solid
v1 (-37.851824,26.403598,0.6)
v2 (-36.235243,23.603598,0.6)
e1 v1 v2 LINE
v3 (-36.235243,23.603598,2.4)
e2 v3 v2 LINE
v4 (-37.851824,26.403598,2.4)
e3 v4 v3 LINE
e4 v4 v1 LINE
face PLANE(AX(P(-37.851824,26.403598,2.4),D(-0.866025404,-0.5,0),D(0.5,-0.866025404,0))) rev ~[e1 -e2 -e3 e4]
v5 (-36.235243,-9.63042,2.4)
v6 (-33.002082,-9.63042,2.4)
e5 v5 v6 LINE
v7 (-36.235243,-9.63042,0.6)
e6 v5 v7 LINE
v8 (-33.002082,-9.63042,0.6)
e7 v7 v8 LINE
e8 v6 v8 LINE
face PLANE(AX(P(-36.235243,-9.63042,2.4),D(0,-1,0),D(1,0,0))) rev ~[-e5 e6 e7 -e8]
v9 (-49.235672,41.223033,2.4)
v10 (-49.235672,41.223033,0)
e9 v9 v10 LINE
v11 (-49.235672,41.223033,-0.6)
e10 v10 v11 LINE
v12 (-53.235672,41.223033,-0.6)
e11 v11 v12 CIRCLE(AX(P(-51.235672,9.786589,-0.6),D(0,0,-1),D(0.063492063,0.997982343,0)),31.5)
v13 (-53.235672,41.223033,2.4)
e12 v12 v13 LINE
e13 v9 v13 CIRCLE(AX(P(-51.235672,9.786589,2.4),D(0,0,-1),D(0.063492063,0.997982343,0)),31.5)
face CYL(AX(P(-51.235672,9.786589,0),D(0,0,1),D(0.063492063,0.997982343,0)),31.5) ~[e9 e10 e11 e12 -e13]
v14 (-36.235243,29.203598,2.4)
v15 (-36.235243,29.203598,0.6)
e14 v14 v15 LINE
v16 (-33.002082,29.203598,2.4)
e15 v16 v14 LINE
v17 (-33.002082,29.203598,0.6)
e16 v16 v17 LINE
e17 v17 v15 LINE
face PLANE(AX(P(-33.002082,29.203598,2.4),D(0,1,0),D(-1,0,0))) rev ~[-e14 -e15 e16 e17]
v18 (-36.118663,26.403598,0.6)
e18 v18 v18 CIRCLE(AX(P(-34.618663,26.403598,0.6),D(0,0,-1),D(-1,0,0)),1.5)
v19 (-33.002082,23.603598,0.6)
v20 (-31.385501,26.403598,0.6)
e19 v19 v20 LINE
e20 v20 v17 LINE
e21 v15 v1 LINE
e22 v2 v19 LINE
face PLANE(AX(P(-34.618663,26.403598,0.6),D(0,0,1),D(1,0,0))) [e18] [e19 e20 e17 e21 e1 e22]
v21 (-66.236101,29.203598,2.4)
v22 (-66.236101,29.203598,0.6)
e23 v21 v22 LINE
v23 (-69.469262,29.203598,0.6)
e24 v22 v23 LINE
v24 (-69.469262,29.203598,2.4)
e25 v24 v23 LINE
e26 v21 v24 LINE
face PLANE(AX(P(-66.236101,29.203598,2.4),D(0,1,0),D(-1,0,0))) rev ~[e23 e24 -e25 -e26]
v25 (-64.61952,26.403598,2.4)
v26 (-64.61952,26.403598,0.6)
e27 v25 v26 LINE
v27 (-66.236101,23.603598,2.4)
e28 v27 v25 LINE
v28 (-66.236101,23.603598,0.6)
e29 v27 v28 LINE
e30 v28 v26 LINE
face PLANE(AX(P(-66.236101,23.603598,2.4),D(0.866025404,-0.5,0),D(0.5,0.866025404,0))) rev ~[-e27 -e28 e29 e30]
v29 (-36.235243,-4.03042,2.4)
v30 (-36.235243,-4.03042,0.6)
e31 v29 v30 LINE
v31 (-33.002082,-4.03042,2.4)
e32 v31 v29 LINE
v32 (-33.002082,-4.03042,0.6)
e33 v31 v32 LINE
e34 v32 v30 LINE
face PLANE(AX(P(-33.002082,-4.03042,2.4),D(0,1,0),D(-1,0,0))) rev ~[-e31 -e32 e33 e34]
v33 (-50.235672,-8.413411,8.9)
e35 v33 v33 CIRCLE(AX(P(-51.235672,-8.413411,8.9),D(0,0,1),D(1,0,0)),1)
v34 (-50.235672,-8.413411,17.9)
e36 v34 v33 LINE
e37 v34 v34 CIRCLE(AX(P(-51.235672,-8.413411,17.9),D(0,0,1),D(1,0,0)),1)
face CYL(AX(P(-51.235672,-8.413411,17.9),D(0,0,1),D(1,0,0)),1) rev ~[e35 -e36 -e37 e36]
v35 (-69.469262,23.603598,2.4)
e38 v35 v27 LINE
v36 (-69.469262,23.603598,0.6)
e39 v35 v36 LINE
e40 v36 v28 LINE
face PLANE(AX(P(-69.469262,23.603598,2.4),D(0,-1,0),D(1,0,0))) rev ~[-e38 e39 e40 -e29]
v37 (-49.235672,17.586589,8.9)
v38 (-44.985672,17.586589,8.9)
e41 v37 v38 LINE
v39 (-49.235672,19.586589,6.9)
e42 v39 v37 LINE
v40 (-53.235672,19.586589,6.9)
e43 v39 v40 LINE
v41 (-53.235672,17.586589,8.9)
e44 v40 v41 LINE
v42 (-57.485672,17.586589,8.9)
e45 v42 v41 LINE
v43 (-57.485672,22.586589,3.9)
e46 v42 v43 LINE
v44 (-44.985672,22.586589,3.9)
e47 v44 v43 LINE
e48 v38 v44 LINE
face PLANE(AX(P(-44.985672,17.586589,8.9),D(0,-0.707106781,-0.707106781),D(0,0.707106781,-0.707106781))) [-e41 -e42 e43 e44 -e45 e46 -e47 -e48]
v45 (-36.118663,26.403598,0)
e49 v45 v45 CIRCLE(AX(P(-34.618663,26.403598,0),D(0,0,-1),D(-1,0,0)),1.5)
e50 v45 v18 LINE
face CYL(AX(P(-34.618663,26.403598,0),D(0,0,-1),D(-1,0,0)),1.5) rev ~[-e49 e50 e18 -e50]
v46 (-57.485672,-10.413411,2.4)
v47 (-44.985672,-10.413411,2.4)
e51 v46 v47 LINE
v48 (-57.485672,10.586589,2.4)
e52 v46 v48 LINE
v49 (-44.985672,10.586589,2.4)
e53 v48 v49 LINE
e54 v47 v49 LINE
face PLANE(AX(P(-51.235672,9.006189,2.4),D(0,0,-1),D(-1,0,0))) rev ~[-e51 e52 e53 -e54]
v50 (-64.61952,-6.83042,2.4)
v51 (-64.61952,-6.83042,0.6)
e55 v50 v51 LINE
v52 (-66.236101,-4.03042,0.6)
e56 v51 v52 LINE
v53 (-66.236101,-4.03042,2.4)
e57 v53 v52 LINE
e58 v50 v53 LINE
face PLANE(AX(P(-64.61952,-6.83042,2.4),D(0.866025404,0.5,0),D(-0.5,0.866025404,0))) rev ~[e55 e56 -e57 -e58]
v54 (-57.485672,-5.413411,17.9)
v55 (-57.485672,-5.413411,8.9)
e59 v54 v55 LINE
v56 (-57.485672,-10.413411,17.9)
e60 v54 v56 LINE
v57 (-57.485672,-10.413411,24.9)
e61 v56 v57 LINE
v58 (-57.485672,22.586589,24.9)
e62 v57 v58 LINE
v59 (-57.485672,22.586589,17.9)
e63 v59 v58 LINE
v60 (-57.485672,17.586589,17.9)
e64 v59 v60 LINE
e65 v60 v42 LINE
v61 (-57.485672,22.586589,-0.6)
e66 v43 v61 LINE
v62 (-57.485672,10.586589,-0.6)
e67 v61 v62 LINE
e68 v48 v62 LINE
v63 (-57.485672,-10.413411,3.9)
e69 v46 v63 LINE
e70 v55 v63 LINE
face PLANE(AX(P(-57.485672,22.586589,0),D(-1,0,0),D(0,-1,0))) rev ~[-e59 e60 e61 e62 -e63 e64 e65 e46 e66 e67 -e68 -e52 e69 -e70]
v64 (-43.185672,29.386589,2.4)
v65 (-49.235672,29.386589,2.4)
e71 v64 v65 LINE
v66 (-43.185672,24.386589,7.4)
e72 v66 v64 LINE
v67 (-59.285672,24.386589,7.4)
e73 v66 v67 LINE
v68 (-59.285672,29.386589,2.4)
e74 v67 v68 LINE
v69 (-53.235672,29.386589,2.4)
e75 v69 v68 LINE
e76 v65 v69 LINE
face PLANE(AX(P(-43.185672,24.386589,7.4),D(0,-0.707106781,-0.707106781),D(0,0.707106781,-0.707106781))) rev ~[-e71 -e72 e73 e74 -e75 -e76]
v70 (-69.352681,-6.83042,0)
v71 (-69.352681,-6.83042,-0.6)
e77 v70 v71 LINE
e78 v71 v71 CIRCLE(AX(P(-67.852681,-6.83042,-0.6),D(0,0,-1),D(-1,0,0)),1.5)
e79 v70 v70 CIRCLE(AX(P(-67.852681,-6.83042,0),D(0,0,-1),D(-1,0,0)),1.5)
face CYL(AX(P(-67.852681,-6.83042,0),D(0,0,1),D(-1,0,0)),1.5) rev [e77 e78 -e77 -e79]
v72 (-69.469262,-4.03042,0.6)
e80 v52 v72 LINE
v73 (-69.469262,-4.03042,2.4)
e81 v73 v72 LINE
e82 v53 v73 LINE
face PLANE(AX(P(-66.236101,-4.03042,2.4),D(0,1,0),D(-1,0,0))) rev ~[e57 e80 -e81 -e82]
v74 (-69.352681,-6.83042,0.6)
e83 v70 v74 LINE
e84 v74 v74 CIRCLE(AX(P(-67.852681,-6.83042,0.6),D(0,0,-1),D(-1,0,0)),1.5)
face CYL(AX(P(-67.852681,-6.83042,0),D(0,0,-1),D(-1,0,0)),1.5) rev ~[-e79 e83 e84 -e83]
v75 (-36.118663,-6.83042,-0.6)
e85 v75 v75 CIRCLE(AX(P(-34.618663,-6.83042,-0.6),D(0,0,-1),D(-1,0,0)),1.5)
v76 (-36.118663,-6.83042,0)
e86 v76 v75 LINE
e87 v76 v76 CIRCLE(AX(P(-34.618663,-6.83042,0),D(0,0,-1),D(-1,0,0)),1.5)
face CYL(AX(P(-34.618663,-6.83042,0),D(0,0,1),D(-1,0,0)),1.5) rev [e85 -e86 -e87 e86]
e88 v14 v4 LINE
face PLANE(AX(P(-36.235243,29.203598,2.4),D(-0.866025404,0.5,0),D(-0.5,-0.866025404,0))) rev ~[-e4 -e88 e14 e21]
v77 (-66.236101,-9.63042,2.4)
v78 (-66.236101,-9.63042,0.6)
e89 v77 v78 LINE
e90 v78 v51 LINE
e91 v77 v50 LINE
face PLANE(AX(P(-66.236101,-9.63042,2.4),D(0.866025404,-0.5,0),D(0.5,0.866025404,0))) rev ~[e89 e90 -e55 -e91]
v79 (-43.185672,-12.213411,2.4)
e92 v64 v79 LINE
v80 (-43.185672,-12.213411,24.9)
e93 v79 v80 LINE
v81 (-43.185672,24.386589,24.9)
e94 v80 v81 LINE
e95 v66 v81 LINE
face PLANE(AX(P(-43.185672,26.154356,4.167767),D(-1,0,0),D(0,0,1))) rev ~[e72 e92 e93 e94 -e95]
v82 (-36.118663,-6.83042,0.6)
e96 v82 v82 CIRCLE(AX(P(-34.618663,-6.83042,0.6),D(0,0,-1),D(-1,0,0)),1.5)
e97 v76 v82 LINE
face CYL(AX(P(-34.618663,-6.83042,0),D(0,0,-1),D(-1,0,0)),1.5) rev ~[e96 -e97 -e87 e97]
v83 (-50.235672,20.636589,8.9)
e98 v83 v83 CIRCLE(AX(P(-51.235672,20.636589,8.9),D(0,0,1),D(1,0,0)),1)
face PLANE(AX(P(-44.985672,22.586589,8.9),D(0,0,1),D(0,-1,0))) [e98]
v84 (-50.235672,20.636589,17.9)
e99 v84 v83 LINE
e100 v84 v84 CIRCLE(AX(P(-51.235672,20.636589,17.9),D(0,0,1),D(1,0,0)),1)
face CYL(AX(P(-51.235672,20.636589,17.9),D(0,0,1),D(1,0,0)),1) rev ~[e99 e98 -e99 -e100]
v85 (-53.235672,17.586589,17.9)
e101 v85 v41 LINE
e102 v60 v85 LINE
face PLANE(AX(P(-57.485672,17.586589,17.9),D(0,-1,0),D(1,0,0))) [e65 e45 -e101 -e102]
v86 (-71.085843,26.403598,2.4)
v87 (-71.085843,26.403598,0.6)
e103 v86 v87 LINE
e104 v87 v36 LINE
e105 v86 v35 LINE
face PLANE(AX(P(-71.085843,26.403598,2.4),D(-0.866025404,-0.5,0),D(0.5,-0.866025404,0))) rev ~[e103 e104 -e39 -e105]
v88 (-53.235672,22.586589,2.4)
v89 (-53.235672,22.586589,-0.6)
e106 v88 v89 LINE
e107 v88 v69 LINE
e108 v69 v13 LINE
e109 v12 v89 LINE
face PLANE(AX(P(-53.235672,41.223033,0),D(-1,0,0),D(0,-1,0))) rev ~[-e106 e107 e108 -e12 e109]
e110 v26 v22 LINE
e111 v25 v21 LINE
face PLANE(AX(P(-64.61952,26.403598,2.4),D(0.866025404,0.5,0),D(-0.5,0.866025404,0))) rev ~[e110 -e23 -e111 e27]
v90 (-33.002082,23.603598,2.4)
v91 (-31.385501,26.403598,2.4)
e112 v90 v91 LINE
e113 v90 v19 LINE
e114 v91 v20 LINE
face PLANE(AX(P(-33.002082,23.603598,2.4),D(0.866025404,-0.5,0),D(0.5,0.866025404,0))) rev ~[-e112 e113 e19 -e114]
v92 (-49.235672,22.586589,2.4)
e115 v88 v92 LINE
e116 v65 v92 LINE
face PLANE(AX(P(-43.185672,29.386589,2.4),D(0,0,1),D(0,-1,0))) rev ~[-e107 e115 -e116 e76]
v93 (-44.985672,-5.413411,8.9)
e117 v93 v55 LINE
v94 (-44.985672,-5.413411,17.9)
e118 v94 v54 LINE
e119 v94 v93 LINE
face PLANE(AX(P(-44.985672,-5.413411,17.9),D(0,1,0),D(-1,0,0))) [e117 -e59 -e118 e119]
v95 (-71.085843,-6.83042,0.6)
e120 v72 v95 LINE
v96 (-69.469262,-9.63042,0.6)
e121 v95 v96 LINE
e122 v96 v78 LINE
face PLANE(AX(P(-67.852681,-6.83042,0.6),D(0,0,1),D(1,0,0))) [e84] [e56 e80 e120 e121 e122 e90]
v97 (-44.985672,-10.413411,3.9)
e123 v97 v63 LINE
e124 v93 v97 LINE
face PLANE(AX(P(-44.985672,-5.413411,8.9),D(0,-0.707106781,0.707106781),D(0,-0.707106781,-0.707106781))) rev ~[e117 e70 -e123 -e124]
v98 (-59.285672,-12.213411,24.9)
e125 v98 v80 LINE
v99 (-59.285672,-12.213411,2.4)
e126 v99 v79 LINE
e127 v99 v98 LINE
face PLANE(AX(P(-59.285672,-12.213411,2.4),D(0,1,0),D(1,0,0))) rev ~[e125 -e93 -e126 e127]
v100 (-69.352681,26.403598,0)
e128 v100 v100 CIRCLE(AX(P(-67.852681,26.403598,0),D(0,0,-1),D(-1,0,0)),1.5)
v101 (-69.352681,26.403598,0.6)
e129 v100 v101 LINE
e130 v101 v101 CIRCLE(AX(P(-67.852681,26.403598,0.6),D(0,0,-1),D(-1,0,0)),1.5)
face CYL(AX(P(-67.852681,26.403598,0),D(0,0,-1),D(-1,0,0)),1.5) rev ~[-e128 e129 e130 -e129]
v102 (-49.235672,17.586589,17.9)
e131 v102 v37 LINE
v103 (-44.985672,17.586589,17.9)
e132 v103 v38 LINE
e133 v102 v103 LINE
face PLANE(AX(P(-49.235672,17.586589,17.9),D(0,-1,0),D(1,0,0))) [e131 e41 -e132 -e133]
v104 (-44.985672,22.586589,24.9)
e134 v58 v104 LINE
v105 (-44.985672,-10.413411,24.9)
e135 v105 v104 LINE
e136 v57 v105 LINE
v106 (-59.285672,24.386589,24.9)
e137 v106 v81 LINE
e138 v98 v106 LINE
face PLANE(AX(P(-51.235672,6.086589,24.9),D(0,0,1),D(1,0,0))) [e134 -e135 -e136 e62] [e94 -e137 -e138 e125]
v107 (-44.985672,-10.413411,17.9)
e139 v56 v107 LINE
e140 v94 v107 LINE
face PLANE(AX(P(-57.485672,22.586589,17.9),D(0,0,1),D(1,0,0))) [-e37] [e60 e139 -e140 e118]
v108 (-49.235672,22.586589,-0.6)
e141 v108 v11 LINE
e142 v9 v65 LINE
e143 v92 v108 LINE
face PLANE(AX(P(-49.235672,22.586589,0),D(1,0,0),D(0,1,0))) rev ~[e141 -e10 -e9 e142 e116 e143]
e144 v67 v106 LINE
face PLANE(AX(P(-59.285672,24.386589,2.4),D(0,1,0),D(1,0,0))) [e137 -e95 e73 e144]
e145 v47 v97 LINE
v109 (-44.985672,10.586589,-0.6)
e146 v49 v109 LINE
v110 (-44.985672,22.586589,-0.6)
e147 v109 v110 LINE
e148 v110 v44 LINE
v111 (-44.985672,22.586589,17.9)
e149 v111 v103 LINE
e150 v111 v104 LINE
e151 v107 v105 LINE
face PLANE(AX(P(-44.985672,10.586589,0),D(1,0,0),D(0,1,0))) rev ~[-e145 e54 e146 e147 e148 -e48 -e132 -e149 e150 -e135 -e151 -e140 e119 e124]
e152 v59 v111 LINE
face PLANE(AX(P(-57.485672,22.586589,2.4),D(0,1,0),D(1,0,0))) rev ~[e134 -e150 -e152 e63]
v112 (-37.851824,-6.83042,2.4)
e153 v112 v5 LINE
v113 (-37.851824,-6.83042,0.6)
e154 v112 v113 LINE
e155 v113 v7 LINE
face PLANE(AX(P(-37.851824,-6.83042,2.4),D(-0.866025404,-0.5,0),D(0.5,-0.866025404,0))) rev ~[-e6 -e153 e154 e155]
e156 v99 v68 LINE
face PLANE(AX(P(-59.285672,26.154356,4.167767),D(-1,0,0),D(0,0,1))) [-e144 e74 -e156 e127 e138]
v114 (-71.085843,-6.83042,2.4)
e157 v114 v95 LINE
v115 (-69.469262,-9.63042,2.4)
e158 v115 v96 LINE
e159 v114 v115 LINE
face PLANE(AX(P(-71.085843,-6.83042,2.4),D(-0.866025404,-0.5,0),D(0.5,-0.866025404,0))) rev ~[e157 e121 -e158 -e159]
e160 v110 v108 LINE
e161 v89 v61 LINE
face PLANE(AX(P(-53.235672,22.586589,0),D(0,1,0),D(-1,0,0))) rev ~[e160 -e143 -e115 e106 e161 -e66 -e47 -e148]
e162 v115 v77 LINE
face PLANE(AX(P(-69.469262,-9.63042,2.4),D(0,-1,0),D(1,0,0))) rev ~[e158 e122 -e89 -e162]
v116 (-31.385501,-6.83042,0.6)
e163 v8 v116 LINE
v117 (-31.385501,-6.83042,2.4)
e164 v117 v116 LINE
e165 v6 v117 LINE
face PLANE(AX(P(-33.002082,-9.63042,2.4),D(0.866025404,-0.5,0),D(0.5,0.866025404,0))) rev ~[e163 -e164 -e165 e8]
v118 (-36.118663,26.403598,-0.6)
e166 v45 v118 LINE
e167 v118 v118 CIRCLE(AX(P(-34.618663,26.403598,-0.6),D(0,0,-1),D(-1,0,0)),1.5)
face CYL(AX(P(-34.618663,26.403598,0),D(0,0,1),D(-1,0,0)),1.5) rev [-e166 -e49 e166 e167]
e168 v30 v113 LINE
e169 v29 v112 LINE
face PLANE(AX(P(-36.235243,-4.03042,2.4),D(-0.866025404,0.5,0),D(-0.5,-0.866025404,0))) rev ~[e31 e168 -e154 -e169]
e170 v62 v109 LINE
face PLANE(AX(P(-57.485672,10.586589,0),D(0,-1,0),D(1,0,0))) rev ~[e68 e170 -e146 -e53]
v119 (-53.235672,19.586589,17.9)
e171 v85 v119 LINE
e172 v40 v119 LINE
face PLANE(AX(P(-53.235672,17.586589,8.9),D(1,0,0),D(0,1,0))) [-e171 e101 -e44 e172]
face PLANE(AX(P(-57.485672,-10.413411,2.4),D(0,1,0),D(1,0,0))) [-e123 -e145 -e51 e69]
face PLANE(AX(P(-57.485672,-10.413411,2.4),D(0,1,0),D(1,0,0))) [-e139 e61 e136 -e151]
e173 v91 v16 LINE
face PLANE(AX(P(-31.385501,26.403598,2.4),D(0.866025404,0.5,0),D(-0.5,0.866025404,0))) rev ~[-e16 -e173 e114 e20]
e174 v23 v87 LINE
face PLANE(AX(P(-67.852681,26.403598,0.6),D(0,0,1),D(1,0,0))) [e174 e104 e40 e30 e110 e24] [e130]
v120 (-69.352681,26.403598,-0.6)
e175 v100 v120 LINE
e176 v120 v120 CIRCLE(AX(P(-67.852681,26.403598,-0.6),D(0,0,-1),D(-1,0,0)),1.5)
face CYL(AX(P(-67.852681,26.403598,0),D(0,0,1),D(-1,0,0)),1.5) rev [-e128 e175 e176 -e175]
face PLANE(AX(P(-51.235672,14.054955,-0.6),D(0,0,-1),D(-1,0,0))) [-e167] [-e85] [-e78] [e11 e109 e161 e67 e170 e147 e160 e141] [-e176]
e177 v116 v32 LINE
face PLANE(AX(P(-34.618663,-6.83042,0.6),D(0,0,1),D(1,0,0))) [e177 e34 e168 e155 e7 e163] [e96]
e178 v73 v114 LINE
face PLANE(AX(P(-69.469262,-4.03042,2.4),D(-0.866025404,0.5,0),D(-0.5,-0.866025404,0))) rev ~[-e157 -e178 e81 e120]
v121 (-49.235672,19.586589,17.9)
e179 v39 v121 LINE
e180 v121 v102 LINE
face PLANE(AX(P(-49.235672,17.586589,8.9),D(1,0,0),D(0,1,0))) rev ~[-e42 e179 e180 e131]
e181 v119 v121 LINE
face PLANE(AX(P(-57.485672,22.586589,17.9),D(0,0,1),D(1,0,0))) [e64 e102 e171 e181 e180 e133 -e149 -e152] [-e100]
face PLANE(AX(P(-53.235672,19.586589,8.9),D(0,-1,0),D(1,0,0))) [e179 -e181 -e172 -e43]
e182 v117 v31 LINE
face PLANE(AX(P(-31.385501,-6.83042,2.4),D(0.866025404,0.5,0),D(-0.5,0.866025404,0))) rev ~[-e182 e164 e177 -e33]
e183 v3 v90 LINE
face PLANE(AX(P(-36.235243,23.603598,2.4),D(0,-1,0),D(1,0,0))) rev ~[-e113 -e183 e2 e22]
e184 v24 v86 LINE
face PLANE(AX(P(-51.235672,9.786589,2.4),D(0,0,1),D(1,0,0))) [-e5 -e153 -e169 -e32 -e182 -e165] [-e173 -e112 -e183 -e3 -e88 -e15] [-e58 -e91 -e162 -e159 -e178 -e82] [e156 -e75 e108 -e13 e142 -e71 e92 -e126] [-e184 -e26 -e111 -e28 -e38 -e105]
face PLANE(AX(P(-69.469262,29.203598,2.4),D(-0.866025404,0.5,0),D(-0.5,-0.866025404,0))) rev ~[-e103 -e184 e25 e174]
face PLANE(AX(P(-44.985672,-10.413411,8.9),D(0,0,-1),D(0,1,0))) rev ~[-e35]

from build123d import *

# Parameters (mm, degrees)
CROQUIS1_R              = 31.5
SALIENTE_EXTRUIR1_DEPTH = 2.4
CROQUIS2_W              = 16.1
CROQUIS2_H              = 36.6
CROQUIS2_W_2            = 12.5
CROQUIS2_H_2            = 33
SALIENTE_EXTRUIR2_DEPTH = 22.5
CROQUIS5_W              = 16.1
CROQUIS5_H              = 36.6
CORTAR_EXTRUIR2_DEPTH   = 9
CROQUIS6_R              = 1.5
CORTAR_EXTRUIR3_DEPTH   = 2.4
CROQUIS7_W              = 12.5
CROQUIS7_H              = 9
SALIENTE_EXTRUIR3_DEPTH = 33
CROQUIS8_R              = 1
CORTAR_EXTRUIR5_DEPTH   = 9
SALIENTE_EXTRUIR4_DEPTH = 12.5
CROQUIS10_W             = 4
CROQUIS10_H             = 2
CORTAR_EXTRUIR6_DEPTH   = 9
SALIENTE_EXTRUIR5_DEPTH = 2.4
SALIENTE_EXTRUIR6_DEPTH = 16.1
CORTAR_EXTRUIR7_DEPTH   = 1.8
CROQUIS14_R             = 1.5
SALIENTE_EXTRUIR7_DEPTH = 0.6


with BuildPart() as part:
    # Croquis1 → Saliente-Extruir1 (new body)
    with BuildSketch(Plane.XY):
        with Locations((-51.235671923, 9.786589019)):
            Circle(CROQUIS1_R)
    extrude(amount=SALIENTE_EXTRUIR1_DEPTH)

    # Croquis2 → Saliente-Extruir2 (add)
    with BuildSketch(Plane.XY.offset(2.4)):
        with Locations((-51.235671923, 6.086589019)):
            Rectangle(CROQUIS2_W, CROQUIS2_H)
        with Locations((-51.235671923, 6.086589019)):
            Rectangle(CROQUIS2_W_2, CROQUIS2_H_2, mode=Mode.SUBTRACT)
    extrude(amount=SALIENTE_EXTRUIR2_DEPTH)

    # Croquis5 → Cortar-Extruir2 (cut)
    with BuildSketch(Plane.XY.offset(2.4)):
        with Locations((-51.235671923, 6.086589019)):
            Rectangle(CROQUIS5_W, CROQUIS5_H)
    extrude(amount=-CORTAR_EXTRUIR2_DEPTH, mode=Mode.SUBTRACT)


with BuildPart() as cortar_extruir2_piece_1:
    # of the separate pieces the step leaves, piece 1, a body of its own (cortar_extruir2_pieces)
    add(part.part.solids().sort_by_distance((-19.735671923, 9.786589019, 0))[0])

    # Croquis6 → Cortar-Extruir3 (cut)
    with BuildSketch(Plane(origin=(0, 0, 0), x_dir=(-1, 0, 0), z_dir=(0, 0, -1))):
        with Locations((34.618662565, 26.403598377)):
            Circle(CROQUIS6_R)
        with Locations((67.85268128, 26.403598377)):
            Circle(CROQUIS6_R)
        with Locations((67.85268128, -6.830420339)):
            Circle(CROQUIS6_R)
        with Locations((34.618662565, -6.830420339)):
            Circle(CROQUIS6_R)
        Polygon((51.235671923, 24.386589019), (53.235671923, 24.386589019), (53.235671923, 44.386589019), (49.235671923, 44.386589019), (49.235671923, 24.386589019), align=None)
    extrude(amount=-CORTAR_EXTRUIR3_DEPTH, mode=Mode.SUBTRACT)



with BuildPart() as cortar_extruir2_piece_2:
    # of the separate pieces the step leaves, piece 2, a body of its own (cortar_extruir2_pieces)
    add(part.part.solids().sort_by_distance((-59.285671923, -12.213410981, 24.9))[0])

    # Croquis7 → Saliente-Extruir3 (add)
    with BuildSketch(Plane.XZ.offset(-22.586589019)):
        with Locations((-51.235671923, 13.4)):
            Rectangle(CROQUIS7_W, CROQUIS7_H)
    extrude(amount=SALIENTE_EXTRUIR3_DEPTH)

    # Croquis8 → Cortar-Extruir5 (cut)
    with BuildSketch(Plane.XY.offset(17.9)):
        with Locations((-51.235671923, -8.413410981)):
            Circle(CROQUIS8_R)
        with Locations((-51.235671923, 20.636589019)):
            Circle(CROQUIS8_R)
        Polygon((-44.985671923, -5.413410981), (-57.485671923, -5.413410981), (-57.485671923, 17.586589019), (-53.235671923, 17.586589019), (-53.235671923, 19.586589019), (-49.235671923, 19.586589019), (-49.235671923, 17.586589019), (-44.985671923, 17.586589019), align=None)
    extrude(amount=-CORTAR_EXTRUIR5_DEPTH, mode=Mode.SUBTRACT)

    # Croquis9 → Saliente-Extruir4 (add)
    with BuildSketch(Plane.ZY.offset(44.985671923)):
        Polygon((8.9, -5.413410981), (3.9, -10.413410981), (8.9, -10.413410981), align=None)
        Polygon((8.9, 17.586589019), (3.9, 22.586589019), (8.9, 22.586589019), align=None)
    extrude(amount=SALIENTE_EXTRUIR4_DEPTH)

    # Croquis10 → Cortar-Extruir6 (cut)
    with BuildSketch(Plane.XY.offset(8.9)):
        with Locations((-51.235671923, 18.586589019)):
            Rectangle(CROQUIS10_W, CROQUIS10_H)
    extrude(amount=-CORTAR_EXTRUIR6_DEPTH, mode=Mode.SUBTRACT)


with BuildPart() as cortar_extruir2_piece_1_1:
    add(cortar_extruir2_piece_1.part)

    add(cortar_extruir2_piece_2.part)  # Saliente-Extruir5 merges Cortar-Extruir2 piece 2
    # Croquis11 → Saliente-Extruir5 (add)
    with BuildSketch(Plane(origin=(0, 0, 2.4), x_dir=(-1, 0, 0), z_dir=(0, 0, -1))):
        Polygon((49.235671923, 24.386589019), (43.185671923, 24.386589019), (43.185671923, -12.213410981), (59.285671923, -12.213410981), (59.285671923, 24.386589019), (53.235671923, 24.386589019), (53.235671923, 22.586589019), (57.485671923, 22.586589019), (57.485671923, 10.586589019), (44.985671923, 10.586589019), (44.985671923, 22.586589019), (49.235671923, 22.586589019), align=None)
    extrude(amount=SALIENTE_EXTRUIR5_DEPTH)

    # Croquis12 → Saliente-Extruir6 (add)
    with BuildSketch(Plane(origin=(-43.185671923, 0, 0), x_dir=(0, 0, -1), z_dir=(1, 0, 0))):
        Polygon((-2.4, 24.386589019), (-7.4, 24.386589019), (-2.4, 29.386589019), align=None)
    extrude(amount=-SALIENTE_EXTRUIR6_DEPTH)

    # Croquis13 → Cortar-Extruir7 (cut)
    with BuildSketch(Plane.XY.offset(2.4)):
        Polygon((-31.385501057, -6.830420339), (-33.002081811, -4.030420339), (-36.235243318, -4.030420339), (-37.851824072, -6.830420339), (-36.235243318, -9.630420339), (-33.002081811, -9.630420339), align=None)
        Polygon((-64.619519773, -6.830420339), (-66.236100527, -4.030420339), (-69.469262034, -4.030420339), (-71.085842788, -6.830420339), (-69.469262034, -9.630420339), (-66.236100527, -9.630420339), align=None)
        Polygon((-37.851824072, 26.403598377), (-36.235243318, 23.603598377), (-33.002081811, 23.603598377), (-31.385501057, 26.403598377), (-33.002081811, 29.203598377), (-36.235243318, 29.203598377), align=None)
        Polygon((-71.085842788, 26.403598377), (-69.469262034, 23.603598377), (-66.236100527, 23.603598377), (-64.619519773, 26.403598377), (-66.236100527, 29.203598377), (-69.469262034, 29.203598377), align=None)
    extrude(amount=-CORTAR_EXTRUIR7_DEPTH, mode=Mode.SUBTRACT)

    # Croquis14 → Saliente-Extruir7 (add)
    with BuildSketch(Plane(origin=(0, 0, 0), x_dir=(-1, 0, 0), z_dir=(0, 0, -1))):
        with BuildLine():
            Line((53.235671923, 41.223032838), (53.235671923, 22.586589019))
            Line((53.235671923, 22.586589019), (57.485671923, 22.586589019))
            Line((57.485671923, 22.586589019), (57.485671923, 10.586589019))
            Line((57.485671923, 10.586589019), (44.985671923, 10.586589019))
            Line((44.985671923, 10.586589019), (44.985671923, 22.586589019))
            Line((44.985671923, 22.586589019), (49.235671923, 22.586589019))
            Line((49.235671923, 22.586589019), (49.235671923, 41.223032838))
            ThreePointArc((49.235671923, 41.223032838), (51.235671923, -21.713410981), (53.235671923, 41.223032838))
        make_face()
        with Locations((67.85268128, -6.830420339)):
            Circle(CROQUIS14_R, mode=Mode.SUBTRACT)
        with Locations((34.618662565, -6.830420339)):
            Circle(CROQUIS14_R, mode=Mode.SUBTRACT)
        with Locations((34.618662565, 26.403598377)):
            Circle(CROQUIS14_R, mode=Mode.SUBTRACT)
        with Locations((67.85268128, 26.403598377)):
            Circle(CROQUIS14_R, mode=Mode.SUBTRACT)
    extrude(amount=SALIENTE_EXTRUIR7_DEPTH)


solid = cortar_extruir2_piece_1_1.part
